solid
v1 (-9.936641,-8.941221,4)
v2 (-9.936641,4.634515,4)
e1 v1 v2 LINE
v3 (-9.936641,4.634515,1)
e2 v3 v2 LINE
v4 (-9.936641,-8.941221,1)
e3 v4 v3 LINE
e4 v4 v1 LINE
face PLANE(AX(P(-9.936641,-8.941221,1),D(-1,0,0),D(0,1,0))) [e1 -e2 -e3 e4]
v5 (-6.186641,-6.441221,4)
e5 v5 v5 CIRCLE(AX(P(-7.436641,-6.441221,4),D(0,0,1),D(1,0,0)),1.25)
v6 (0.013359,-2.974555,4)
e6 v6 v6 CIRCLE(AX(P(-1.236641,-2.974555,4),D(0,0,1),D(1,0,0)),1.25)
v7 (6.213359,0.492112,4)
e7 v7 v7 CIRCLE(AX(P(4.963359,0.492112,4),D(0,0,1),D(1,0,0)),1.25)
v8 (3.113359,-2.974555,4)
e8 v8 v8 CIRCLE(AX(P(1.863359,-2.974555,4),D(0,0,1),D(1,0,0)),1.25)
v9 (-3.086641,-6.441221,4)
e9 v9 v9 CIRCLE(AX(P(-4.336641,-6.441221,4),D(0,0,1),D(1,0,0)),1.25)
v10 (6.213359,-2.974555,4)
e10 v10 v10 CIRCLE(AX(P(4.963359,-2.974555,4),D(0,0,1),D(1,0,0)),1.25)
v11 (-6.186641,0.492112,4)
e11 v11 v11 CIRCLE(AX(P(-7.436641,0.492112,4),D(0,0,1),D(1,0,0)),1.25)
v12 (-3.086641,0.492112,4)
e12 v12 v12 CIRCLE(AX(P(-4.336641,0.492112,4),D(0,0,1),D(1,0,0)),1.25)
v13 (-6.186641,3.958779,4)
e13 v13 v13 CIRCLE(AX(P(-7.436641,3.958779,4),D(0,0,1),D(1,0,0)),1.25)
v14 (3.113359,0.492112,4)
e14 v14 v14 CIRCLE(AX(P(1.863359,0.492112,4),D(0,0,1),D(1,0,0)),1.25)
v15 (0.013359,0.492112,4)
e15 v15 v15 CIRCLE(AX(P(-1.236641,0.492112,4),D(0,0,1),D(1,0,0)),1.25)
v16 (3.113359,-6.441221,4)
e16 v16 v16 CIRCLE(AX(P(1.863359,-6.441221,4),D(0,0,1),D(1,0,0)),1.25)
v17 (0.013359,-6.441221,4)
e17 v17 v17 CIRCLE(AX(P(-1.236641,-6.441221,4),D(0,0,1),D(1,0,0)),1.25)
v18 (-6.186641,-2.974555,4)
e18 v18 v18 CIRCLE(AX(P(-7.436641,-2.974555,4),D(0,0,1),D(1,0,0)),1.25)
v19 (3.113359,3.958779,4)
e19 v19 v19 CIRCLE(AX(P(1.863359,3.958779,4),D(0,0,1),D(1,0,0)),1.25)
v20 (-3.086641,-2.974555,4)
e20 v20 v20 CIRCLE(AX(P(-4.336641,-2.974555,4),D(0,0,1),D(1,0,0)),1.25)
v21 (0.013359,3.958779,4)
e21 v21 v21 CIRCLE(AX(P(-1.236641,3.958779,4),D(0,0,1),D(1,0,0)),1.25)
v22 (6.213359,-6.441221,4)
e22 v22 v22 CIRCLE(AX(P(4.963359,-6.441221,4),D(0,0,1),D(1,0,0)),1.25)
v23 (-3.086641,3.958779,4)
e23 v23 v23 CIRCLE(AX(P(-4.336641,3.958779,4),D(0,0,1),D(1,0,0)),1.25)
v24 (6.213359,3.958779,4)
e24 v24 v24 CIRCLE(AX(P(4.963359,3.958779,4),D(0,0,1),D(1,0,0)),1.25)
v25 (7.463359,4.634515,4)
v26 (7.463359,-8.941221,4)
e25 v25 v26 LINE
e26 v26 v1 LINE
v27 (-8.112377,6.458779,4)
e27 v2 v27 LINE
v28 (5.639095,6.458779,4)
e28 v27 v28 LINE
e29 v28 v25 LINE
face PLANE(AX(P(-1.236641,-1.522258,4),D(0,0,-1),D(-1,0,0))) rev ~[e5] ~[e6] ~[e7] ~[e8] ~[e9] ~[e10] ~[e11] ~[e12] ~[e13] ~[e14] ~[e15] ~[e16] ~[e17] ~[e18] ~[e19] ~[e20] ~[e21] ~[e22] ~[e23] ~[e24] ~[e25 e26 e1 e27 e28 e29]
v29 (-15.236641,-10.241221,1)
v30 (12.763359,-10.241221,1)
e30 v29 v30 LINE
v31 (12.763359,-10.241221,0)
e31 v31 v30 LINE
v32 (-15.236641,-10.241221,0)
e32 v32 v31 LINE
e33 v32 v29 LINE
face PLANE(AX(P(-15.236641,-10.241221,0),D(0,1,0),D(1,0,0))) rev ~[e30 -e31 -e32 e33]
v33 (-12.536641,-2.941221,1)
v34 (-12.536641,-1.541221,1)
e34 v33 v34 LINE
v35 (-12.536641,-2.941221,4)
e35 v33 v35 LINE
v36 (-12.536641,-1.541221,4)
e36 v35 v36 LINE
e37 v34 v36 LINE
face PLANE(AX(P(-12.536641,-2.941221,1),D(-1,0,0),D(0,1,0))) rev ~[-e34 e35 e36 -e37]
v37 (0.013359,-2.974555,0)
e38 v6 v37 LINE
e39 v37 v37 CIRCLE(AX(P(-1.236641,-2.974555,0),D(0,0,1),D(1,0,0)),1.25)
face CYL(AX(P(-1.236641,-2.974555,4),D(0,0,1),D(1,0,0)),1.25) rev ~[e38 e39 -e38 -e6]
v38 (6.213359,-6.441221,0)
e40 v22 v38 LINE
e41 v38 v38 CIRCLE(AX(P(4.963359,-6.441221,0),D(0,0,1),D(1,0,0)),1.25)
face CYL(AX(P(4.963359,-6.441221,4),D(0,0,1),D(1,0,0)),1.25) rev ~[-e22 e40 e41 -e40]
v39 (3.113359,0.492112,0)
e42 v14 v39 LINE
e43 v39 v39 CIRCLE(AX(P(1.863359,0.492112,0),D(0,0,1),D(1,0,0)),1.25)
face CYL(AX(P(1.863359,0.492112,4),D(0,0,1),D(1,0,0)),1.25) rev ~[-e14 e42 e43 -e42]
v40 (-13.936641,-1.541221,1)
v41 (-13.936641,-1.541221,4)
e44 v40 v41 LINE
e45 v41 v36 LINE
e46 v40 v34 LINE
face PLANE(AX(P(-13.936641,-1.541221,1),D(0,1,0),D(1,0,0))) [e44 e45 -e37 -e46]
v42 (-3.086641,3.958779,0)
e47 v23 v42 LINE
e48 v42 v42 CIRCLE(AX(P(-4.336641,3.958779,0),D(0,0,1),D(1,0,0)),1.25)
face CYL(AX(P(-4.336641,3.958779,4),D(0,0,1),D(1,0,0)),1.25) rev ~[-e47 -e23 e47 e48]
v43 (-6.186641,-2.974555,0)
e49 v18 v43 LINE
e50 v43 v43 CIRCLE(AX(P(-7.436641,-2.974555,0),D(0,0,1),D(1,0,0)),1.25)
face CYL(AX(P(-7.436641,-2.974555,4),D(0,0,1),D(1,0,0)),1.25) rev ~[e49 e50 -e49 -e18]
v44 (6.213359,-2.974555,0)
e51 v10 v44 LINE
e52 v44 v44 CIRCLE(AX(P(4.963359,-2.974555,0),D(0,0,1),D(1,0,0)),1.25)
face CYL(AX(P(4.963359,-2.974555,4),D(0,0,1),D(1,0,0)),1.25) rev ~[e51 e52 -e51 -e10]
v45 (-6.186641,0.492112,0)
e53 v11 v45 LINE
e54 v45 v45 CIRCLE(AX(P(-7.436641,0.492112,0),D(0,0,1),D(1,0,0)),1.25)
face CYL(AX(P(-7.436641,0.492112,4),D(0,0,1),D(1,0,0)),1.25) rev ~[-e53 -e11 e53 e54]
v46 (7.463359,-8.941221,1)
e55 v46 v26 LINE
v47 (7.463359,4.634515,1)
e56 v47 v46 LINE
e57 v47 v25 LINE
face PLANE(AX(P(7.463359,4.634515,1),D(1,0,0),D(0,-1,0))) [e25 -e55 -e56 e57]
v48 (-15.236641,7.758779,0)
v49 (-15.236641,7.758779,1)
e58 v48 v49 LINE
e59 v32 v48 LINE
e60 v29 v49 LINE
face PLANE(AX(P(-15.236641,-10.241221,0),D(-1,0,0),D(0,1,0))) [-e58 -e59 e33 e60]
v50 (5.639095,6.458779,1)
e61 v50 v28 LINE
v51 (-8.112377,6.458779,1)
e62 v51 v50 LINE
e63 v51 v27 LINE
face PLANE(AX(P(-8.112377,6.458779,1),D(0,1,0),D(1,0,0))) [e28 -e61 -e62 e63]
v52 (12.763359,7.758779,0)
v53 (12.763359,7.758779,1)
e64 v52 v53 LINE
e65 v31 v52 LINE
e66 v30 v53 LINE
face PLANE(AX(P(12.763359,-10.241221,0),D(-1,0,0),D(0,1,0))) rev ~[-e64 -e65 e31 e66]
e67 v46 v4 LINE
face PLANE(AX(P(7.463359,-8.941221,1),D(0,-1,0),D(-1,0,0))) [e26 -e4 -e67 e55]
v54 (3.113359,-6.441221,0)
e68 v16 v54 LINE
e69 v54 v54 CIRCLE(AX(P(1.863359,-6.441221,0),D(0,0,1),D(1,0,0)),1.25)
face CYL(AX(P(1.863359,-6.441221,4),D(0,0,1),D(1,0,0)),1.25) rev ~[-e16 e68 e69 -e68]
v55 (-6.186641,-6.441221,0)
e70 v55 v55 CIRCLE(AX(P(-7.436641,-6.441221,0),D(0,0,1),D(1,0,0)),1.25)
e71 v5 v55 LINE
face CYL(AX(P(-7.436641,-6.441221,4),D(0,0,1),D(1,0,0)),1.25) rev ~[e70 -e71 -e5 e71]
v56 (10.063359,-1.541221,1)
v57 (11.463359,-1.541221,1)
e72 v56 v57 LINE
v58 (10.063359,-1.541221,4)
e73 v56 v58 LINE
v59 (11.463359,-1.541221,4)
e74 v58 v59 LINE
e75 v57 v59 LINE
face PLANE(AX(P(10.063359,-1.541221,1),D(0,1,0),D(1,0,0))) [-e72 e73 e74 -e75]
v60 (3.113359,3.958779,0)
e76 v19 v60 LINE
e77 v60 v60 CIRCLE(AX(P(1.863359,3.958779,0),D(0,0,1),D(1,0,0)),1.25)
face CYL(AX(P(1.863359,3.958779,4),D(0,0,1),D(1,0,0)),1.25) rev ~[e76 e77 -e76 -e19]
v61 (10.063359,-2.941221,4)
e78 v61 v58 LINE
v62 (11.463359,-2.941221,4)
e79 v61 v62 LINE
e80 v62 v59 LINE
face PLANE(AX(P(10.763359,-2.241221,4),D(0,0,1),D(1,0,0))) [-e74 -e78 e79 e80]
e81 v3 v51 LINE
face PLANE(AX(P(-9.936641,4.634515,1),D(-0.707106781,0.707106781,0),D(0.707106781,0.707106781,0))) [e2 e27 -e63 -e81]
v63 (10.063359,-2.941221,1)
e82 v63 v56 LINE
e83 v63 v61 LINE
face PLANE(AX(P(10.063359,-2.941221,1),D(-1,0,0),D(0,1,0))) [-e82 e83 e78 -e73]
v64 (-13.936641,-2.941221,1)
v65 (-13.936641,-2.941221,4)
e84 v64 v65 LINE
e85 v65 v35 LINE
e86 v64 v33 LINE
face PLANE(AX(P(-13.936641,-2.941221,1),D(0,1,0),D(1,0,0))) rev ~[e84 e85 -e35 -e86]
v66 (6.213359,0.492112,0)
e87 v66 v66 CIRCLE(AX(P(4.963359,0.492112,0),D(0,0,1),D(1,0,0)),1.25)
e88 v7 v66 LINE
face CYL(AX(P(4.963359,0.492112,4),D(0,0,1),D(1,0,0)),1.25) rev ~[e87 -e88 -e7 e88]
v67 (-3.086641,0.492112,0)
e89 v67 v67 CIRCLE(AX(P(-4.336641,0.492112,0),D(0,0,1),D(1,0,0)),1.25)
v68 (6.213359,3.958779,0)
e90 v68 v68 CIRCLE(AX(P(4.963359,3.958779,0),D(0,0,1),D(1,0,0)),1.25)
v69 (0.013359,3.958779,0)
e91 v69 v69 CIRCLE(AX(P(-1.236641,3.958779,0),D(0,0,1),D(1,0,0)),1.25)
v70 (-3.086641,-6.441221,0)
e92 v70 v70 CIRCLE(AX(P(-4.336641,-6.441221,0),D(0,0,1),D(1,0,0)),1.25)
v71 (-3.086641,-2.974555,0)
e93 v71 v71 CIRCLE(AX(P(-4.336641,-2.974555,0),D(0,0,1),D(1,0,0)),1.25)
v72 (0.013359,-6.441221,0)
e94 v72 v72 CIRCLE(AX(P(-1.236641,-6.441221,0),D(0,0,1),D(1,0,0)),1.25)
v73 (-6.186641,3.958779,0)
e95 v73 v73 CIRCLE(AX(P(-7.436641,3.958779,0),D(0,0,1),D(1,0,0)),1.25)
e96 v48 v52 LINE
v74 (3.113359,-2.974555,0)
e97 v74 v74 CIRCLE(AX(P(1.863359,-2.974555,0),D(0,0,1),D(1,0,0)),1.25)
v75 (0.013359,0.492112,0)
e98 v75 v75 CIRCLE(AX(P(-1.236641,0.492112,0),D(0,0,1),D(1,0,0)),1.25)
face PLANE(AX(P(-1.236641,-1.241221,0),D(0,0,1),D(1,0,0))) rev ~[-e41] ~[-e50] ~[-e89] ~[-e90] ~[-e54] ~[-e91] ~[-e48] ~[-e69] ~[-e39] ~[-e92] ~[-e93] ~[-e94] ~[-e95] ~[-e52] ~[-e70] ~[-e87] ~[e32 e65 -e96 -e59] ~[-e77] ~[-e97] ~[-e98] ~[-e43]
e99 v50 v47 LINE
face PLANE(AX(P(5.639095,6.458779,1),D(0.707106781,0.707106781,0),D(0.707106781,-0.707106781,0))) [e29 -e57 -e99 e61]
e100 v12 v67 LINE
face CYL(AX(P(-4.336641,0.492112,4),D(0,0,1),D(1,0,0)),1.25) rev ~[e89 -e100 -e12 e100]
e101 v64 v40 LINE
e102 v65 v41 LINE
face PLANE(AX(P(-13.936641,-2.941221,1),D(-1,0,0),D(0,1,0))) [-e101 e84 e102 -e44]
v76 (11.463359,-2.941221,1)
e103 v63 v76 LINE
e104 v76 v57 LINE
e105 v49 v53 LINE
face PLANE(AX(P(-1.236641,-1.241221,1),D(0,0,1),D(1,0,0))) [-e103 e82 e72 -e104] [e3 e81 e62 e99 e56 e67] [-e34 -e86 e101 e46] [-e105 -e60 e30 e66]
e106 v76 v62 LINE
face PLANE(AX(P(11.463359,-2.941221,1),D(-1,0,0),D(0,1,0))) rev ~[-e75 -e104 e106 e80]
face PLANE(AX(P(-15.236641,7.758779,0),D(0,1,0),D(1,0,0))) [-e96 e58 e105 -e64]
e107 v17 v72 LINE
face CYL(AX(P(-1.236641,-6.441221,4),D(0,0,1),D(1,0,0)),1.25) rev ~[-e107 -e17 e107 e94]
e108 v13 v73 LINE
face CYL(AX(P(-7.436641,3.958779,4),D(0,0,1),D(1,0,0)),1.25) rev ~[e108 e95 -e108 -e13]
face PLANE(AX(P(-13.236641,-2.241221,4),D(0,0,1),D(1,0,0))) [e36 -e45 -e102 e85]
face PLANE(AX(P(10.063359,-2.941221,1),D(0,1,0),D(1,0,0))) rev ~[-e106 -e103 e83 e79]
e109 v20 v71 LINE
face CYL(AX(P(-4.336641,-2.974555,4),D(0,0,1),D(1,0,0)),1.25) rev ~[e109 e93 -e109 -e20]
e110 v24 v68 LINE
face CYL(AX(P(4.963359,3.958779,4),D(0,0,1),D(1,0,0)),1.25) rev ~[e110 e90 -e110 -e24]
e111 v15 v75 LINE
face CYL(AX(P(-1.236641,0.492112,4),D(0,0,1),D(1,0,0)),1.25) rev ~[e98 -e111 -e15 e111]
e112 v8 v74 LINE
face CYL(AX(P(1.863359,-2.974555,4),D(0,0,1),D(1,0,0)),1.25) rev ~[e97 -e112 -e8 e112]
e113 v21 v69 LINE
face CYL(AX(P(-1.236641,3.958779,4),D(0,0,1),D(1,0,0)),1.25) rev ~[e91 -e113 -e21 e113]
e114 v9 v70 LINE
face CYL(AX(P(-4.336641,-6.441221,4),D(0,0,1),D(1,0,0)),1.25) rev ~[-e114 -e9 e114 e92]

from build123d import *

# Parameters (mm, degrees)
SKETCH1_W           = 28
SKETCH1_H           = 18
BOSS_EXTRUDE1_DEPTH = 1
SKETCH2_W           = 1.4
SKETCH2_H           = 1.4
BOSS_EXTRUDE3_DEPTH = 3
SKETCH3_R           = 1.25
CUT_EXTRUDE1_DEPTH  = 10


with BuildPart() as part:
    # Sketch1 → Boss-Extrude1 (new body)
    with BuildSketch(Plane.XY):
        with Locations((-1.236641221, -1.241221374)):
            Rectangle(SKETCH1_W, SKETCH1_H)
    extrude(amount=BOSS_EXTRUDE1_DEPTH)

    # Sketch2 → Boss-Extrude3 (add)
    with BuildSketch(Plane.XY.offset(1)):
        with Locations((10.763358779, -2.241221374)):
            Rectangle(SKETCH2_W, SKETCH2_H)
        with Locations((-13.236641221, -2.241221374)):
            Rectangle(SKETCH2_W, SKETCH2_H)
        Polygon((-8.112377153, 6.458778626), (5.63909471, 6.458778626), (7.463358779, 4.634514557), (7.463358779, -8.941221374), (-9.936641221, -8.941221374), (-9.936641221, 4.634514557), align=None)
    extrude(amount=BOSS_EXTRUDE3_DEPTH)

    # Sketch3 → Cut-Extrude1 (cut)
    with BuildSketch(Plane.XY.offset(4)):
        with Locations((-7.436641221, 3.958778626)):
            Circle(SKETCH3_R)
        with Locations((-4.336641221, 3.958778626)):
            Circle(SKETCH3_R)
        with Locations((-1.236641221, 3.958778626)):
            Circle(SKETCH3_R)
        with Locations((1.863358779, 3.958778626)):
            Circle(SKETCH3_R)
        with Locations((4.963358779, 3.958778626)):
            Circle(SKETCH3_R)
        with Locations((-4.336641221, 0.492111959)):
            Circle(SKETCH3_R)
        with Locations((-1.236641221, 0.492111959)):
            Circle(SKETCH3_R)
        with Locations((1.863358779, 0.492111959)):
            Circle(SKETCH3_R)
        with Locations((4.963358779, 0.492111959)):
            Circle(SKETCH3_R)
        with Locations((-4.336641221, -2.974554707)):
            Circle(SKETCH3_R)
        with Locations((-1.236641221, -2.974554707)):
            Circle(SKETCH3_R)
        with Locations((1.863358779, -2.974554707)):
            Circle(SKETCH3_R)
        with Locations((4.963358779, -2.974554707)):
            Circle(SKETCH3_R)
        with Locations((-4.336641221, -6.441221374)):
            Circle(SKETCH3_R)
        with Locations((-1.236641221, -6.441221374)):
            Circle(SKETCH3_R)
        with Locations((1.863358779, -6.441221374)):
            Circle(SKETCH3_R)
        with Locations((4.963358779, -6.441221374)):
            Circle(SKETCH3_R)
        with Locations((-7.436641221, 0.492111959)):
            Circle(SKETCH3_R)
        with Locations((-7.436641221, -2.974554707)):
            Circle(SKETCH3_R)
        with Locations((-7.436641221, -6.441221374)):
            Circle(SKETCH3_R)
    extrude(amount=-CUT_EXTRUDE1_DEPTH, mode=Mode.SUBTRACT)


solid = part.part
